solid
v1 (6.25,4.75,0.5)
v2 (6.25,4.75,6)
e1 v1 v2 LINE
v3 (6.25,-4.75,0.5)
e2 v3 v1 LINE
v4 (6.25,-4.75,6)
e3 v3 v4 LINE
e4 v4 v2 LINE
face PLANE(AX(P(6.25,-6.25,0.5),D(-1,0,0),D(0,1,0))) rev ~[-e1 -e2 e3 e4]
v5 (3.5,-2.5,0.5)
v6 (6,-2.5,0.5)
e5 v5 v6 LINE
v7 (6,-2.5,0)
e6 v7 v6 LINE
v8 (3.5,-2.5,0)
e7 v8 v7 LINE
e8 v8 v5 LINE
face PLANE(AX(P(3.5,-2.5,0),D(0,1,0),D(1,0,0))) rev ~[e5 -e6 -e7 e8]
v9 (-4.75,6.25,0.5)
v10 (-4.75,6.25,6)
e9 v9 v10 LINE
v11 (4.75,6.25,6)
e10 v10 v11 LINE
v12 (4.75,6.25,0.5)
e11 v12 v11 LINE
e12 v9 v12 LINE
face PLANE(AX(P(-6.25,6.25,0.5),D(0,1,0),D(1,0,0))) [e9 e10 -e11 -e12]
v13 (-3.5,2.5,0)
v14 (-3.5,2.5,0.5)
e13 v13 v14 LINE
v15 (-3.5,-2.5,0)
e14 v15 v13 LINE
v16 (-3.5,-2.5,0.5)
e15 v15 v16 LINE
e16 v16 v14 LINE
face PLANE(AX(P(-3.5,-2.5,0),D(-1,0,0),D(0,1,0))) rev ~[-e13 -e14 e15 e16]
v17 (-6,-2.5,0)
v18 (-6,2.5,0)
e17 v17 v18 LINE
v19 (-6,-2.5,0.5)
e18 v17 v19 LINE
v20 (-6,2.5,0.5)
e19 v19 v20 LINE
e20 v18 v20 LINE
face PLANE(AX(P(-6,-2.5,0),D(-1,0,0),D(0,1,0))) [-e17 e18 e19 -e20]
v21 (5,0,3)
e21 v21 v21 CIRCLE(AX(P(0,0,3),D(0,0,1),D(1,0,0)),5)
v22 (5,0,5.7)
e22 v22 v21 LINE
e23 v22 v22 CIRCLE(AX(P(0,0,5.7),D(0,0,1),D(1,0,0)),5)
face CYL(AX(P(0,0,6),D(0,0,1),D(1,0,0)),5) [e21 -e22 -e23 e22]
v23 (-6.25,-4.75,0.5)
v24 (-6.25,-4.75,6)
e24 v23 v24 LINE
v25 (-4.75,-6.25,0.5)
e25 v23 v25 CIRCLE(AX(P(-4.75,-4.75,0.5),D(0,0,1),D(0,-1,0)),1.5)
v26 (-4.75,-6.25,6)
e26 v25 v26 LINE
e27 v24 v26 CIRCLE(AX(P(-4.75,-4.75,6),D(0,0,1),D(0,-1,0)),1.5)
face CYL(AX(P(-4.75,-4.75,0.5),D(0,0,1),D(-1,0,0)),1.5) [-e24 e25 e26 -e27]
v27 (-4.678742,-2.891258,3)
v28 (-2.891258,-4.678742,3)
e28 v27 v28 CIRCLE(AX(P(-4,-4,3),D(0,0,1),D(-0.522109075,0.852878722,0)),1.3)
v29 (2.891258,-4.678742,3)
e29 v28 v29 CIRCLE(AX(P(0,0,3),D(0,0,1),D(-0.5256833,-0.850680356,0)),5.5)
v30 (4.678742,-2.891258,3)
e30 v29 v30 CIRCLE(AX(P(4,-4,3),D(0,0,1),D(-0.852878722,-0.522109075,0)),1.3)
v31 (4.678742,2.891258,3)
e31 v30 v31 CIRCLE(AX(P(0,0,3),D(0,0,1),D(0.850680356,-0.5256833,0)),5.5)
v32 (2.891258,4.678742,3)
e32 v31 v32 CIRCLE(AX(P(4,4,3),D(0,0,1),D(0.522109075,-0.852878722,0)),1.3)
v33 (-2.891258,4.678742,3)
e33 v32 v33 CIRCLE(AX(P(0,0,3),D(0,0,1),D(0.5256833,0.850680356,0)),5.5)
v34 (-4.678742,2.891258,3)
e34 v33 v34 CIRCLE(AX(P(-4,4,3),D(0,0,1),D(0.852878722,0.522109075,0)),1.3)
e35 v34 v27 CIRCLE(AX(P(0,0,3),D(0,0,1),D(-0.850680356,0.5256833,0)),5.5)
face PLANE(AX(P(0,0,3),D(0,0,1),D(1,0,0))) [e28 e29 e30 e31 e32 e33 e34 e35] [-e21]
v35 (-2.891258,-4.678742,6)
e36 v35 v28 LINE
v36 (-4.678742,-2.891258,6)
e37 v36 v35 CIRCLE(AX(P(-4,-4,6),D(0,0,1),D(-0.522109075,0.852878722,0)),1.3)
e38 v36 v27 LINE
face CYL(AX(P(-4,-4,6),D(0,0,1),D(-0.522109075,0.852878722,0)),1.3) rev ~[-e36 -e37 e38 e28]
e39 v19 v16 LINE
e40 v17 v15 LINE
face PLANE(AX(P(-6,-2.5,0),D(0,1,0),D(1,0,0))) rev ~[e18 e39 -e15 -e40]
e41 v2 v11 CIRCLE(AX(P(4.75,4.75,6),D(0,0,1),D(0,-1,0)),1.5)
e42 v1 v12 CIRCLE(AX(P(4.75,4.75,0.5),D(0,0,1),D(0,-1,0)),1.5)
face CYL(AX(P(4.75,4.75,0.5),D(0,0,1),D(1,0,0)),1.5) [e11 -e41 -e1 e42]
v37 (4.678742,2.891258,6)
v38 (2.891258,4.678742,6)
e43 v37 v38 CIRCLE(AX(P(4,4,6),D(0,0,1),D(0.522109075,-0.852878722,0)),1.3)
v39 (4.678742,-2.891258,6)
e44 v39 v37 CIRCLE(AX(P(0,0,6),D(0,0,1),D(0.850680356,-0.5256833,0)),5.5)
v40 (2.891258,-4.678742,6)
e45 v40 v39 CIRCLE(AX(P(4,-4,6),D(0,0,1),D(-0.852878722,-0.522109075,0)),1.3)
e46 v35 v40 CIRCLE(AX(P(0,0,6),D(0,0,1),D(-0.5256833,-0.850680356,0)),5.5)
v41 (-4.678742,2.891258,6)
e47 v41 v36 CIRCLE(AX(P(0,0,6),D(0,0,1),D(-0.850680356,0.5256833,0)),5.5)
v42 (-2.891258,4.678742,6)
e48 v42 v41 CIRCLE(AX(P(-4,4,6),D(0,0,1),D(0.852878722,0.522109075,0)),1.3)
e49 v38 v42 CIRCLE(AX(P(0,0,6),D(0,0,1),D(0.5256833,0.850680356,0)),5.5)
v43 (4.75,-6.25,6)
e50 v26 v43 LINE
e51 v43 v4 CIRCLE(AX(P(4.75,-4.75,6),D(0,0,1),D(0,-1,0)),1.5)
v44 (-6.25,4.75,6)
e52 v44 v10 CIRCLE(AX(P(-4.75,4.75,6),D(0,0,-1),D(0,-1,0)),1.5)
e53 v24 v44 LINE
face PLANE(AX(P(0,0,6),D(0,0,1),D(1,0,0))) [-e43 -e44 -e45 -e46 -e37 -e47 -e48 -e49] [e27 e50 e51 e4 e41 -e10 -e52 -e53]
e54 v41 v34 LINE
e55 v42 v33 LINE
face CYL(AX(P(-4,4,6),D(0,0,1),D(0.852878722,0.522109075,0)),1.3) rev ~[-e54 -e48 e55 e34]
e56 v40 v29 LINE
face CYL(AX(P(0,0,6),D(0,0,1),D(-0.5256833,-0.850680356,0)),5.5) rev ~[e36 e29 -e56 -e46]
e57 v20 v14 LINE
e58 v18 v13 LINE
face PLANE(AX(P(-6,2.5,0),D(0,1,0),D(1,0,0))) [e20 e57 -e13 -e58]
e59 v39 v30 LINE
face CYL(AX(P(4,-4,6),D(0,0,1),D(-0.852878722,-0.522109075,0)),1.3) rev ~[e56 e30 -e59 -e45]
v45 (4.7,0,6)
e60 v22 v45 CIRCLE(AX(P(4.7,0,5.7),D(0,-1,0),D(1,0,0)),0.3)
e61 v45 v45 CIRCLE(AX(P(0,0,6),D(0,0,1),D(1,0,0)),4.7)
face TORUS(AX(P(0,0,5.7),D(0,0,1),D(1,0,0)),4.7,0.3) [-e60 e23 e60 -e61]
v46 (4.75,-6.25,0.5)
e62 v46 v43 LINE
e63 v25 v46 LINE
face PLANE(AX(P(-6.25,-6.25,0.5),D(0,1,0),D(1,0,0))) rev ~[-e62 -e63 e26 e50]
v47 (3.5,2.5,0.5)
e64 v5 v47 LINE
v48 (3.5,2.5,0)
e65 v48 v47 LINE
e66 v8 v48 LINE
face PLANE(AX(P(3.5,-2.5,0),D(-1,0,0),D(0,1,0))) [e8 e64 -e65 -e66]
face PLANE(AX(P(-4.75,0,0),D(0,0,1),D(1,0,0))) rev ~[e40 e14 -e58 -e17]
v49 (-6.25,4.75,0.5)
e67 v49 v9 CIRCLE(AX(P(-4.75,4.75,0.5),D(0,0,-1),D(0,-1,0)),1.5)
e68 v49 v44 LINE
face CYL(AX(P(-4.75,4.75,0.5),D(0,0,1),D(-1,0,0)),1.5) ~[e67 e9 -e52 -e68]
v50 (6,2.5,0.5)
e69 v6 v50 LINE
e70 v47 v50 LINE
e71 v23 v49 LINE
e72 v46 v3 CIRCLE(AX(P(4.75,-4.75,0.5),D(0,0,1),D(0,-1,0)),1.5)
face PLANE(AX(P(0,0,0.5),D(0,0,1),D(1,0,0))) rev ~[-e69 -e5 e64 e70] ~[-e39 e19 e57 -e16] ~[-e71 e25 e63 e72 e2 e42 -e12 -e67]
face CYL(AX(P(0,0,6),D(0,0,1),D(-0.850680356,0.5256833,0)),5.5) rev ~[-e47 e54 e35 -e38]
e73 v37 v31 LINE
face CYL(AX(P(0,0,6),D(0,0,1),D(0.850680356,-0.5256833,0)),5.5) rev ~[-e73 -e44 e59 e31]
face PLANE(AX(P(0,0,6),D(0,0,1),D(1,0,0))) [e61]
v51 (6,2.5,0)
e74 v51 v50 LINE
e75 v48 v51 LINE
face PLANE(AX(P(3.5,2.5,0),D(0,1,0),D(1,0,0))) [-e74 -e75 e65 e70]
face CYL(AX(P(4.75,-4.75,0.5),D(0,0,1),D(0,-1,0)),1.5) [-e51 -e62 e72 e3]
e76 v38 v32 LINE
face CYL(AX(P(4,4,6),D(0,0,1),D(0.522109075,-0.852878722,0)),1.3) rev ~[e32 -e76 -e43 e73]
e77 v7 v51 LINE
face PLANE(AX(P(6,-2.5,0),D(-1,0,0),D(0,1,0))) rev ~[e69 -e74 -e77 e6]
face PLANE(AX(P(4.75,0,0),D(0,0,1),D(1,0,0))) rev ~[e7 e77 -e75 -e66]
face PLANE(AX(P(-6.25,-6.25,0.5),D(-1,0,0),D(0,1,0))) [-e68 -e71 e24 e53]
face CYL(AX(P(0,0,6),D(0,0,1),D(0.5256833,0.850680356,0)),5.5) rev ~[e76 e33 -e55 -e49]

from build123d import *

# Parameters (mm, degrees)
SKETCH001_W  = 2.5
SKETCH001_H  = 5
PAD001_DEPTH = 0.5
SKETCH002_W  = 2.5
SKETCH002_H  = 5
PAD002_DEPTH = 0.5
SKETCH_W     = 12.5
SKETCH_H     = 12.5
PAD_DEPTH    = 5.5
FILLET_R     = 1.5
SKETCH003_R  = 5
POCKET_DEPTH = 3
FILLET001_R  = 0.3


with BuildPart() as body001:
    # Sketch001 → Pad001 (new body)
    with BuildSketch(Plane.XY):
        with Locations((-4.75, 0)):
            Rectangle(SKETCH001_W, SKETCH001_H)
    extrude(amount=PAD001_DEPTH)


with BuildPart() as body002:
    # Sketch002 → Pad002 (new body)
    with BuildSketch(Plane.XY):
        with Locations((4.75, 0)):
            Rectangle(SKETCH002_W, SKETCH002_H)
    extrude(amount=PAD002_DEPTH)


with BuildPart() as fusion:
    # Sketch → Pad (new body)
    with BuildSketch(Plane.XY):
        Rectangle(SKETCH_W, SKETCH_H)
    extrude(amount=PAD_DEPTH)

    # Fillet
    fillet_edges = [fusion.edges().sort_by_distance(p)[0] for p in [
        (-6.25, -6.25, 2.75),
        (6.25, -6.25, 2.75),
        (-6.25, 6.25, 2.75),
        (6.25, 6.25, 2.75),
    ]]
    fillet(fillet_edges, radius=FILLET_R)

    # Sketch003 (on Face5 of Fillet) → Pocket (cut)
    with BuildSketch(Plane.XY.offset(5.5)):
        with BuildLine():
            ThreePointArc((-4.678742, 2.891258), (-5.5, 0), (-4.678742, -2.891258))
            ThreePointArc((-4.678742, -2.891258), (-4.919239, -4.919239), (-2.891258, -4.678742))
            ThreePointArc((-2.891258, -4.678742), (0, -5.5), (2.891258, -4.678742))
            ThreePointArc((2.891258, -4.678742), (4.919239, -4.919239), (4.678742, -2.891258))
            ThreePointArc((4.678742, -2.891258), (5.5, 0), (4.678742, 2.891258))
            ThreePointArc((4.678742, 2.891258), (4.919239, 4.919239), (2.891258, 4.678742))
            ThreePointArc((2.891258, 4.678742), (0, 5.5), (-2.891258, 4.678742))
            ThreePointArc((-2.891258, 4.678742), (-4.919239, 4.919239), (-4.678742, 2.891258))
        make_face()
        Circle(SKETCH003_R, mode=Mode.SUBTRACT)
    extrude(amount=-POCKET_DEPTH, mode=Mode.SUBTRACT)

    # Fillet001
    fillet001_edges = [fusion.edges().sort_by_distance(p)[0] for p in [
        (-5, 0, 5.5),
    ]]
    fillet(fillet001_edges, radius=FILLET001_R)


with BuildPart() as fusion_1:
    # Body placement: moved
    add(fusion.part.moved(Location((0, 0, 0.5))))

    # Fusion: union Body001, Body002
    add(body001.part)
    add(body002.part)


solid = fusion_1.part
